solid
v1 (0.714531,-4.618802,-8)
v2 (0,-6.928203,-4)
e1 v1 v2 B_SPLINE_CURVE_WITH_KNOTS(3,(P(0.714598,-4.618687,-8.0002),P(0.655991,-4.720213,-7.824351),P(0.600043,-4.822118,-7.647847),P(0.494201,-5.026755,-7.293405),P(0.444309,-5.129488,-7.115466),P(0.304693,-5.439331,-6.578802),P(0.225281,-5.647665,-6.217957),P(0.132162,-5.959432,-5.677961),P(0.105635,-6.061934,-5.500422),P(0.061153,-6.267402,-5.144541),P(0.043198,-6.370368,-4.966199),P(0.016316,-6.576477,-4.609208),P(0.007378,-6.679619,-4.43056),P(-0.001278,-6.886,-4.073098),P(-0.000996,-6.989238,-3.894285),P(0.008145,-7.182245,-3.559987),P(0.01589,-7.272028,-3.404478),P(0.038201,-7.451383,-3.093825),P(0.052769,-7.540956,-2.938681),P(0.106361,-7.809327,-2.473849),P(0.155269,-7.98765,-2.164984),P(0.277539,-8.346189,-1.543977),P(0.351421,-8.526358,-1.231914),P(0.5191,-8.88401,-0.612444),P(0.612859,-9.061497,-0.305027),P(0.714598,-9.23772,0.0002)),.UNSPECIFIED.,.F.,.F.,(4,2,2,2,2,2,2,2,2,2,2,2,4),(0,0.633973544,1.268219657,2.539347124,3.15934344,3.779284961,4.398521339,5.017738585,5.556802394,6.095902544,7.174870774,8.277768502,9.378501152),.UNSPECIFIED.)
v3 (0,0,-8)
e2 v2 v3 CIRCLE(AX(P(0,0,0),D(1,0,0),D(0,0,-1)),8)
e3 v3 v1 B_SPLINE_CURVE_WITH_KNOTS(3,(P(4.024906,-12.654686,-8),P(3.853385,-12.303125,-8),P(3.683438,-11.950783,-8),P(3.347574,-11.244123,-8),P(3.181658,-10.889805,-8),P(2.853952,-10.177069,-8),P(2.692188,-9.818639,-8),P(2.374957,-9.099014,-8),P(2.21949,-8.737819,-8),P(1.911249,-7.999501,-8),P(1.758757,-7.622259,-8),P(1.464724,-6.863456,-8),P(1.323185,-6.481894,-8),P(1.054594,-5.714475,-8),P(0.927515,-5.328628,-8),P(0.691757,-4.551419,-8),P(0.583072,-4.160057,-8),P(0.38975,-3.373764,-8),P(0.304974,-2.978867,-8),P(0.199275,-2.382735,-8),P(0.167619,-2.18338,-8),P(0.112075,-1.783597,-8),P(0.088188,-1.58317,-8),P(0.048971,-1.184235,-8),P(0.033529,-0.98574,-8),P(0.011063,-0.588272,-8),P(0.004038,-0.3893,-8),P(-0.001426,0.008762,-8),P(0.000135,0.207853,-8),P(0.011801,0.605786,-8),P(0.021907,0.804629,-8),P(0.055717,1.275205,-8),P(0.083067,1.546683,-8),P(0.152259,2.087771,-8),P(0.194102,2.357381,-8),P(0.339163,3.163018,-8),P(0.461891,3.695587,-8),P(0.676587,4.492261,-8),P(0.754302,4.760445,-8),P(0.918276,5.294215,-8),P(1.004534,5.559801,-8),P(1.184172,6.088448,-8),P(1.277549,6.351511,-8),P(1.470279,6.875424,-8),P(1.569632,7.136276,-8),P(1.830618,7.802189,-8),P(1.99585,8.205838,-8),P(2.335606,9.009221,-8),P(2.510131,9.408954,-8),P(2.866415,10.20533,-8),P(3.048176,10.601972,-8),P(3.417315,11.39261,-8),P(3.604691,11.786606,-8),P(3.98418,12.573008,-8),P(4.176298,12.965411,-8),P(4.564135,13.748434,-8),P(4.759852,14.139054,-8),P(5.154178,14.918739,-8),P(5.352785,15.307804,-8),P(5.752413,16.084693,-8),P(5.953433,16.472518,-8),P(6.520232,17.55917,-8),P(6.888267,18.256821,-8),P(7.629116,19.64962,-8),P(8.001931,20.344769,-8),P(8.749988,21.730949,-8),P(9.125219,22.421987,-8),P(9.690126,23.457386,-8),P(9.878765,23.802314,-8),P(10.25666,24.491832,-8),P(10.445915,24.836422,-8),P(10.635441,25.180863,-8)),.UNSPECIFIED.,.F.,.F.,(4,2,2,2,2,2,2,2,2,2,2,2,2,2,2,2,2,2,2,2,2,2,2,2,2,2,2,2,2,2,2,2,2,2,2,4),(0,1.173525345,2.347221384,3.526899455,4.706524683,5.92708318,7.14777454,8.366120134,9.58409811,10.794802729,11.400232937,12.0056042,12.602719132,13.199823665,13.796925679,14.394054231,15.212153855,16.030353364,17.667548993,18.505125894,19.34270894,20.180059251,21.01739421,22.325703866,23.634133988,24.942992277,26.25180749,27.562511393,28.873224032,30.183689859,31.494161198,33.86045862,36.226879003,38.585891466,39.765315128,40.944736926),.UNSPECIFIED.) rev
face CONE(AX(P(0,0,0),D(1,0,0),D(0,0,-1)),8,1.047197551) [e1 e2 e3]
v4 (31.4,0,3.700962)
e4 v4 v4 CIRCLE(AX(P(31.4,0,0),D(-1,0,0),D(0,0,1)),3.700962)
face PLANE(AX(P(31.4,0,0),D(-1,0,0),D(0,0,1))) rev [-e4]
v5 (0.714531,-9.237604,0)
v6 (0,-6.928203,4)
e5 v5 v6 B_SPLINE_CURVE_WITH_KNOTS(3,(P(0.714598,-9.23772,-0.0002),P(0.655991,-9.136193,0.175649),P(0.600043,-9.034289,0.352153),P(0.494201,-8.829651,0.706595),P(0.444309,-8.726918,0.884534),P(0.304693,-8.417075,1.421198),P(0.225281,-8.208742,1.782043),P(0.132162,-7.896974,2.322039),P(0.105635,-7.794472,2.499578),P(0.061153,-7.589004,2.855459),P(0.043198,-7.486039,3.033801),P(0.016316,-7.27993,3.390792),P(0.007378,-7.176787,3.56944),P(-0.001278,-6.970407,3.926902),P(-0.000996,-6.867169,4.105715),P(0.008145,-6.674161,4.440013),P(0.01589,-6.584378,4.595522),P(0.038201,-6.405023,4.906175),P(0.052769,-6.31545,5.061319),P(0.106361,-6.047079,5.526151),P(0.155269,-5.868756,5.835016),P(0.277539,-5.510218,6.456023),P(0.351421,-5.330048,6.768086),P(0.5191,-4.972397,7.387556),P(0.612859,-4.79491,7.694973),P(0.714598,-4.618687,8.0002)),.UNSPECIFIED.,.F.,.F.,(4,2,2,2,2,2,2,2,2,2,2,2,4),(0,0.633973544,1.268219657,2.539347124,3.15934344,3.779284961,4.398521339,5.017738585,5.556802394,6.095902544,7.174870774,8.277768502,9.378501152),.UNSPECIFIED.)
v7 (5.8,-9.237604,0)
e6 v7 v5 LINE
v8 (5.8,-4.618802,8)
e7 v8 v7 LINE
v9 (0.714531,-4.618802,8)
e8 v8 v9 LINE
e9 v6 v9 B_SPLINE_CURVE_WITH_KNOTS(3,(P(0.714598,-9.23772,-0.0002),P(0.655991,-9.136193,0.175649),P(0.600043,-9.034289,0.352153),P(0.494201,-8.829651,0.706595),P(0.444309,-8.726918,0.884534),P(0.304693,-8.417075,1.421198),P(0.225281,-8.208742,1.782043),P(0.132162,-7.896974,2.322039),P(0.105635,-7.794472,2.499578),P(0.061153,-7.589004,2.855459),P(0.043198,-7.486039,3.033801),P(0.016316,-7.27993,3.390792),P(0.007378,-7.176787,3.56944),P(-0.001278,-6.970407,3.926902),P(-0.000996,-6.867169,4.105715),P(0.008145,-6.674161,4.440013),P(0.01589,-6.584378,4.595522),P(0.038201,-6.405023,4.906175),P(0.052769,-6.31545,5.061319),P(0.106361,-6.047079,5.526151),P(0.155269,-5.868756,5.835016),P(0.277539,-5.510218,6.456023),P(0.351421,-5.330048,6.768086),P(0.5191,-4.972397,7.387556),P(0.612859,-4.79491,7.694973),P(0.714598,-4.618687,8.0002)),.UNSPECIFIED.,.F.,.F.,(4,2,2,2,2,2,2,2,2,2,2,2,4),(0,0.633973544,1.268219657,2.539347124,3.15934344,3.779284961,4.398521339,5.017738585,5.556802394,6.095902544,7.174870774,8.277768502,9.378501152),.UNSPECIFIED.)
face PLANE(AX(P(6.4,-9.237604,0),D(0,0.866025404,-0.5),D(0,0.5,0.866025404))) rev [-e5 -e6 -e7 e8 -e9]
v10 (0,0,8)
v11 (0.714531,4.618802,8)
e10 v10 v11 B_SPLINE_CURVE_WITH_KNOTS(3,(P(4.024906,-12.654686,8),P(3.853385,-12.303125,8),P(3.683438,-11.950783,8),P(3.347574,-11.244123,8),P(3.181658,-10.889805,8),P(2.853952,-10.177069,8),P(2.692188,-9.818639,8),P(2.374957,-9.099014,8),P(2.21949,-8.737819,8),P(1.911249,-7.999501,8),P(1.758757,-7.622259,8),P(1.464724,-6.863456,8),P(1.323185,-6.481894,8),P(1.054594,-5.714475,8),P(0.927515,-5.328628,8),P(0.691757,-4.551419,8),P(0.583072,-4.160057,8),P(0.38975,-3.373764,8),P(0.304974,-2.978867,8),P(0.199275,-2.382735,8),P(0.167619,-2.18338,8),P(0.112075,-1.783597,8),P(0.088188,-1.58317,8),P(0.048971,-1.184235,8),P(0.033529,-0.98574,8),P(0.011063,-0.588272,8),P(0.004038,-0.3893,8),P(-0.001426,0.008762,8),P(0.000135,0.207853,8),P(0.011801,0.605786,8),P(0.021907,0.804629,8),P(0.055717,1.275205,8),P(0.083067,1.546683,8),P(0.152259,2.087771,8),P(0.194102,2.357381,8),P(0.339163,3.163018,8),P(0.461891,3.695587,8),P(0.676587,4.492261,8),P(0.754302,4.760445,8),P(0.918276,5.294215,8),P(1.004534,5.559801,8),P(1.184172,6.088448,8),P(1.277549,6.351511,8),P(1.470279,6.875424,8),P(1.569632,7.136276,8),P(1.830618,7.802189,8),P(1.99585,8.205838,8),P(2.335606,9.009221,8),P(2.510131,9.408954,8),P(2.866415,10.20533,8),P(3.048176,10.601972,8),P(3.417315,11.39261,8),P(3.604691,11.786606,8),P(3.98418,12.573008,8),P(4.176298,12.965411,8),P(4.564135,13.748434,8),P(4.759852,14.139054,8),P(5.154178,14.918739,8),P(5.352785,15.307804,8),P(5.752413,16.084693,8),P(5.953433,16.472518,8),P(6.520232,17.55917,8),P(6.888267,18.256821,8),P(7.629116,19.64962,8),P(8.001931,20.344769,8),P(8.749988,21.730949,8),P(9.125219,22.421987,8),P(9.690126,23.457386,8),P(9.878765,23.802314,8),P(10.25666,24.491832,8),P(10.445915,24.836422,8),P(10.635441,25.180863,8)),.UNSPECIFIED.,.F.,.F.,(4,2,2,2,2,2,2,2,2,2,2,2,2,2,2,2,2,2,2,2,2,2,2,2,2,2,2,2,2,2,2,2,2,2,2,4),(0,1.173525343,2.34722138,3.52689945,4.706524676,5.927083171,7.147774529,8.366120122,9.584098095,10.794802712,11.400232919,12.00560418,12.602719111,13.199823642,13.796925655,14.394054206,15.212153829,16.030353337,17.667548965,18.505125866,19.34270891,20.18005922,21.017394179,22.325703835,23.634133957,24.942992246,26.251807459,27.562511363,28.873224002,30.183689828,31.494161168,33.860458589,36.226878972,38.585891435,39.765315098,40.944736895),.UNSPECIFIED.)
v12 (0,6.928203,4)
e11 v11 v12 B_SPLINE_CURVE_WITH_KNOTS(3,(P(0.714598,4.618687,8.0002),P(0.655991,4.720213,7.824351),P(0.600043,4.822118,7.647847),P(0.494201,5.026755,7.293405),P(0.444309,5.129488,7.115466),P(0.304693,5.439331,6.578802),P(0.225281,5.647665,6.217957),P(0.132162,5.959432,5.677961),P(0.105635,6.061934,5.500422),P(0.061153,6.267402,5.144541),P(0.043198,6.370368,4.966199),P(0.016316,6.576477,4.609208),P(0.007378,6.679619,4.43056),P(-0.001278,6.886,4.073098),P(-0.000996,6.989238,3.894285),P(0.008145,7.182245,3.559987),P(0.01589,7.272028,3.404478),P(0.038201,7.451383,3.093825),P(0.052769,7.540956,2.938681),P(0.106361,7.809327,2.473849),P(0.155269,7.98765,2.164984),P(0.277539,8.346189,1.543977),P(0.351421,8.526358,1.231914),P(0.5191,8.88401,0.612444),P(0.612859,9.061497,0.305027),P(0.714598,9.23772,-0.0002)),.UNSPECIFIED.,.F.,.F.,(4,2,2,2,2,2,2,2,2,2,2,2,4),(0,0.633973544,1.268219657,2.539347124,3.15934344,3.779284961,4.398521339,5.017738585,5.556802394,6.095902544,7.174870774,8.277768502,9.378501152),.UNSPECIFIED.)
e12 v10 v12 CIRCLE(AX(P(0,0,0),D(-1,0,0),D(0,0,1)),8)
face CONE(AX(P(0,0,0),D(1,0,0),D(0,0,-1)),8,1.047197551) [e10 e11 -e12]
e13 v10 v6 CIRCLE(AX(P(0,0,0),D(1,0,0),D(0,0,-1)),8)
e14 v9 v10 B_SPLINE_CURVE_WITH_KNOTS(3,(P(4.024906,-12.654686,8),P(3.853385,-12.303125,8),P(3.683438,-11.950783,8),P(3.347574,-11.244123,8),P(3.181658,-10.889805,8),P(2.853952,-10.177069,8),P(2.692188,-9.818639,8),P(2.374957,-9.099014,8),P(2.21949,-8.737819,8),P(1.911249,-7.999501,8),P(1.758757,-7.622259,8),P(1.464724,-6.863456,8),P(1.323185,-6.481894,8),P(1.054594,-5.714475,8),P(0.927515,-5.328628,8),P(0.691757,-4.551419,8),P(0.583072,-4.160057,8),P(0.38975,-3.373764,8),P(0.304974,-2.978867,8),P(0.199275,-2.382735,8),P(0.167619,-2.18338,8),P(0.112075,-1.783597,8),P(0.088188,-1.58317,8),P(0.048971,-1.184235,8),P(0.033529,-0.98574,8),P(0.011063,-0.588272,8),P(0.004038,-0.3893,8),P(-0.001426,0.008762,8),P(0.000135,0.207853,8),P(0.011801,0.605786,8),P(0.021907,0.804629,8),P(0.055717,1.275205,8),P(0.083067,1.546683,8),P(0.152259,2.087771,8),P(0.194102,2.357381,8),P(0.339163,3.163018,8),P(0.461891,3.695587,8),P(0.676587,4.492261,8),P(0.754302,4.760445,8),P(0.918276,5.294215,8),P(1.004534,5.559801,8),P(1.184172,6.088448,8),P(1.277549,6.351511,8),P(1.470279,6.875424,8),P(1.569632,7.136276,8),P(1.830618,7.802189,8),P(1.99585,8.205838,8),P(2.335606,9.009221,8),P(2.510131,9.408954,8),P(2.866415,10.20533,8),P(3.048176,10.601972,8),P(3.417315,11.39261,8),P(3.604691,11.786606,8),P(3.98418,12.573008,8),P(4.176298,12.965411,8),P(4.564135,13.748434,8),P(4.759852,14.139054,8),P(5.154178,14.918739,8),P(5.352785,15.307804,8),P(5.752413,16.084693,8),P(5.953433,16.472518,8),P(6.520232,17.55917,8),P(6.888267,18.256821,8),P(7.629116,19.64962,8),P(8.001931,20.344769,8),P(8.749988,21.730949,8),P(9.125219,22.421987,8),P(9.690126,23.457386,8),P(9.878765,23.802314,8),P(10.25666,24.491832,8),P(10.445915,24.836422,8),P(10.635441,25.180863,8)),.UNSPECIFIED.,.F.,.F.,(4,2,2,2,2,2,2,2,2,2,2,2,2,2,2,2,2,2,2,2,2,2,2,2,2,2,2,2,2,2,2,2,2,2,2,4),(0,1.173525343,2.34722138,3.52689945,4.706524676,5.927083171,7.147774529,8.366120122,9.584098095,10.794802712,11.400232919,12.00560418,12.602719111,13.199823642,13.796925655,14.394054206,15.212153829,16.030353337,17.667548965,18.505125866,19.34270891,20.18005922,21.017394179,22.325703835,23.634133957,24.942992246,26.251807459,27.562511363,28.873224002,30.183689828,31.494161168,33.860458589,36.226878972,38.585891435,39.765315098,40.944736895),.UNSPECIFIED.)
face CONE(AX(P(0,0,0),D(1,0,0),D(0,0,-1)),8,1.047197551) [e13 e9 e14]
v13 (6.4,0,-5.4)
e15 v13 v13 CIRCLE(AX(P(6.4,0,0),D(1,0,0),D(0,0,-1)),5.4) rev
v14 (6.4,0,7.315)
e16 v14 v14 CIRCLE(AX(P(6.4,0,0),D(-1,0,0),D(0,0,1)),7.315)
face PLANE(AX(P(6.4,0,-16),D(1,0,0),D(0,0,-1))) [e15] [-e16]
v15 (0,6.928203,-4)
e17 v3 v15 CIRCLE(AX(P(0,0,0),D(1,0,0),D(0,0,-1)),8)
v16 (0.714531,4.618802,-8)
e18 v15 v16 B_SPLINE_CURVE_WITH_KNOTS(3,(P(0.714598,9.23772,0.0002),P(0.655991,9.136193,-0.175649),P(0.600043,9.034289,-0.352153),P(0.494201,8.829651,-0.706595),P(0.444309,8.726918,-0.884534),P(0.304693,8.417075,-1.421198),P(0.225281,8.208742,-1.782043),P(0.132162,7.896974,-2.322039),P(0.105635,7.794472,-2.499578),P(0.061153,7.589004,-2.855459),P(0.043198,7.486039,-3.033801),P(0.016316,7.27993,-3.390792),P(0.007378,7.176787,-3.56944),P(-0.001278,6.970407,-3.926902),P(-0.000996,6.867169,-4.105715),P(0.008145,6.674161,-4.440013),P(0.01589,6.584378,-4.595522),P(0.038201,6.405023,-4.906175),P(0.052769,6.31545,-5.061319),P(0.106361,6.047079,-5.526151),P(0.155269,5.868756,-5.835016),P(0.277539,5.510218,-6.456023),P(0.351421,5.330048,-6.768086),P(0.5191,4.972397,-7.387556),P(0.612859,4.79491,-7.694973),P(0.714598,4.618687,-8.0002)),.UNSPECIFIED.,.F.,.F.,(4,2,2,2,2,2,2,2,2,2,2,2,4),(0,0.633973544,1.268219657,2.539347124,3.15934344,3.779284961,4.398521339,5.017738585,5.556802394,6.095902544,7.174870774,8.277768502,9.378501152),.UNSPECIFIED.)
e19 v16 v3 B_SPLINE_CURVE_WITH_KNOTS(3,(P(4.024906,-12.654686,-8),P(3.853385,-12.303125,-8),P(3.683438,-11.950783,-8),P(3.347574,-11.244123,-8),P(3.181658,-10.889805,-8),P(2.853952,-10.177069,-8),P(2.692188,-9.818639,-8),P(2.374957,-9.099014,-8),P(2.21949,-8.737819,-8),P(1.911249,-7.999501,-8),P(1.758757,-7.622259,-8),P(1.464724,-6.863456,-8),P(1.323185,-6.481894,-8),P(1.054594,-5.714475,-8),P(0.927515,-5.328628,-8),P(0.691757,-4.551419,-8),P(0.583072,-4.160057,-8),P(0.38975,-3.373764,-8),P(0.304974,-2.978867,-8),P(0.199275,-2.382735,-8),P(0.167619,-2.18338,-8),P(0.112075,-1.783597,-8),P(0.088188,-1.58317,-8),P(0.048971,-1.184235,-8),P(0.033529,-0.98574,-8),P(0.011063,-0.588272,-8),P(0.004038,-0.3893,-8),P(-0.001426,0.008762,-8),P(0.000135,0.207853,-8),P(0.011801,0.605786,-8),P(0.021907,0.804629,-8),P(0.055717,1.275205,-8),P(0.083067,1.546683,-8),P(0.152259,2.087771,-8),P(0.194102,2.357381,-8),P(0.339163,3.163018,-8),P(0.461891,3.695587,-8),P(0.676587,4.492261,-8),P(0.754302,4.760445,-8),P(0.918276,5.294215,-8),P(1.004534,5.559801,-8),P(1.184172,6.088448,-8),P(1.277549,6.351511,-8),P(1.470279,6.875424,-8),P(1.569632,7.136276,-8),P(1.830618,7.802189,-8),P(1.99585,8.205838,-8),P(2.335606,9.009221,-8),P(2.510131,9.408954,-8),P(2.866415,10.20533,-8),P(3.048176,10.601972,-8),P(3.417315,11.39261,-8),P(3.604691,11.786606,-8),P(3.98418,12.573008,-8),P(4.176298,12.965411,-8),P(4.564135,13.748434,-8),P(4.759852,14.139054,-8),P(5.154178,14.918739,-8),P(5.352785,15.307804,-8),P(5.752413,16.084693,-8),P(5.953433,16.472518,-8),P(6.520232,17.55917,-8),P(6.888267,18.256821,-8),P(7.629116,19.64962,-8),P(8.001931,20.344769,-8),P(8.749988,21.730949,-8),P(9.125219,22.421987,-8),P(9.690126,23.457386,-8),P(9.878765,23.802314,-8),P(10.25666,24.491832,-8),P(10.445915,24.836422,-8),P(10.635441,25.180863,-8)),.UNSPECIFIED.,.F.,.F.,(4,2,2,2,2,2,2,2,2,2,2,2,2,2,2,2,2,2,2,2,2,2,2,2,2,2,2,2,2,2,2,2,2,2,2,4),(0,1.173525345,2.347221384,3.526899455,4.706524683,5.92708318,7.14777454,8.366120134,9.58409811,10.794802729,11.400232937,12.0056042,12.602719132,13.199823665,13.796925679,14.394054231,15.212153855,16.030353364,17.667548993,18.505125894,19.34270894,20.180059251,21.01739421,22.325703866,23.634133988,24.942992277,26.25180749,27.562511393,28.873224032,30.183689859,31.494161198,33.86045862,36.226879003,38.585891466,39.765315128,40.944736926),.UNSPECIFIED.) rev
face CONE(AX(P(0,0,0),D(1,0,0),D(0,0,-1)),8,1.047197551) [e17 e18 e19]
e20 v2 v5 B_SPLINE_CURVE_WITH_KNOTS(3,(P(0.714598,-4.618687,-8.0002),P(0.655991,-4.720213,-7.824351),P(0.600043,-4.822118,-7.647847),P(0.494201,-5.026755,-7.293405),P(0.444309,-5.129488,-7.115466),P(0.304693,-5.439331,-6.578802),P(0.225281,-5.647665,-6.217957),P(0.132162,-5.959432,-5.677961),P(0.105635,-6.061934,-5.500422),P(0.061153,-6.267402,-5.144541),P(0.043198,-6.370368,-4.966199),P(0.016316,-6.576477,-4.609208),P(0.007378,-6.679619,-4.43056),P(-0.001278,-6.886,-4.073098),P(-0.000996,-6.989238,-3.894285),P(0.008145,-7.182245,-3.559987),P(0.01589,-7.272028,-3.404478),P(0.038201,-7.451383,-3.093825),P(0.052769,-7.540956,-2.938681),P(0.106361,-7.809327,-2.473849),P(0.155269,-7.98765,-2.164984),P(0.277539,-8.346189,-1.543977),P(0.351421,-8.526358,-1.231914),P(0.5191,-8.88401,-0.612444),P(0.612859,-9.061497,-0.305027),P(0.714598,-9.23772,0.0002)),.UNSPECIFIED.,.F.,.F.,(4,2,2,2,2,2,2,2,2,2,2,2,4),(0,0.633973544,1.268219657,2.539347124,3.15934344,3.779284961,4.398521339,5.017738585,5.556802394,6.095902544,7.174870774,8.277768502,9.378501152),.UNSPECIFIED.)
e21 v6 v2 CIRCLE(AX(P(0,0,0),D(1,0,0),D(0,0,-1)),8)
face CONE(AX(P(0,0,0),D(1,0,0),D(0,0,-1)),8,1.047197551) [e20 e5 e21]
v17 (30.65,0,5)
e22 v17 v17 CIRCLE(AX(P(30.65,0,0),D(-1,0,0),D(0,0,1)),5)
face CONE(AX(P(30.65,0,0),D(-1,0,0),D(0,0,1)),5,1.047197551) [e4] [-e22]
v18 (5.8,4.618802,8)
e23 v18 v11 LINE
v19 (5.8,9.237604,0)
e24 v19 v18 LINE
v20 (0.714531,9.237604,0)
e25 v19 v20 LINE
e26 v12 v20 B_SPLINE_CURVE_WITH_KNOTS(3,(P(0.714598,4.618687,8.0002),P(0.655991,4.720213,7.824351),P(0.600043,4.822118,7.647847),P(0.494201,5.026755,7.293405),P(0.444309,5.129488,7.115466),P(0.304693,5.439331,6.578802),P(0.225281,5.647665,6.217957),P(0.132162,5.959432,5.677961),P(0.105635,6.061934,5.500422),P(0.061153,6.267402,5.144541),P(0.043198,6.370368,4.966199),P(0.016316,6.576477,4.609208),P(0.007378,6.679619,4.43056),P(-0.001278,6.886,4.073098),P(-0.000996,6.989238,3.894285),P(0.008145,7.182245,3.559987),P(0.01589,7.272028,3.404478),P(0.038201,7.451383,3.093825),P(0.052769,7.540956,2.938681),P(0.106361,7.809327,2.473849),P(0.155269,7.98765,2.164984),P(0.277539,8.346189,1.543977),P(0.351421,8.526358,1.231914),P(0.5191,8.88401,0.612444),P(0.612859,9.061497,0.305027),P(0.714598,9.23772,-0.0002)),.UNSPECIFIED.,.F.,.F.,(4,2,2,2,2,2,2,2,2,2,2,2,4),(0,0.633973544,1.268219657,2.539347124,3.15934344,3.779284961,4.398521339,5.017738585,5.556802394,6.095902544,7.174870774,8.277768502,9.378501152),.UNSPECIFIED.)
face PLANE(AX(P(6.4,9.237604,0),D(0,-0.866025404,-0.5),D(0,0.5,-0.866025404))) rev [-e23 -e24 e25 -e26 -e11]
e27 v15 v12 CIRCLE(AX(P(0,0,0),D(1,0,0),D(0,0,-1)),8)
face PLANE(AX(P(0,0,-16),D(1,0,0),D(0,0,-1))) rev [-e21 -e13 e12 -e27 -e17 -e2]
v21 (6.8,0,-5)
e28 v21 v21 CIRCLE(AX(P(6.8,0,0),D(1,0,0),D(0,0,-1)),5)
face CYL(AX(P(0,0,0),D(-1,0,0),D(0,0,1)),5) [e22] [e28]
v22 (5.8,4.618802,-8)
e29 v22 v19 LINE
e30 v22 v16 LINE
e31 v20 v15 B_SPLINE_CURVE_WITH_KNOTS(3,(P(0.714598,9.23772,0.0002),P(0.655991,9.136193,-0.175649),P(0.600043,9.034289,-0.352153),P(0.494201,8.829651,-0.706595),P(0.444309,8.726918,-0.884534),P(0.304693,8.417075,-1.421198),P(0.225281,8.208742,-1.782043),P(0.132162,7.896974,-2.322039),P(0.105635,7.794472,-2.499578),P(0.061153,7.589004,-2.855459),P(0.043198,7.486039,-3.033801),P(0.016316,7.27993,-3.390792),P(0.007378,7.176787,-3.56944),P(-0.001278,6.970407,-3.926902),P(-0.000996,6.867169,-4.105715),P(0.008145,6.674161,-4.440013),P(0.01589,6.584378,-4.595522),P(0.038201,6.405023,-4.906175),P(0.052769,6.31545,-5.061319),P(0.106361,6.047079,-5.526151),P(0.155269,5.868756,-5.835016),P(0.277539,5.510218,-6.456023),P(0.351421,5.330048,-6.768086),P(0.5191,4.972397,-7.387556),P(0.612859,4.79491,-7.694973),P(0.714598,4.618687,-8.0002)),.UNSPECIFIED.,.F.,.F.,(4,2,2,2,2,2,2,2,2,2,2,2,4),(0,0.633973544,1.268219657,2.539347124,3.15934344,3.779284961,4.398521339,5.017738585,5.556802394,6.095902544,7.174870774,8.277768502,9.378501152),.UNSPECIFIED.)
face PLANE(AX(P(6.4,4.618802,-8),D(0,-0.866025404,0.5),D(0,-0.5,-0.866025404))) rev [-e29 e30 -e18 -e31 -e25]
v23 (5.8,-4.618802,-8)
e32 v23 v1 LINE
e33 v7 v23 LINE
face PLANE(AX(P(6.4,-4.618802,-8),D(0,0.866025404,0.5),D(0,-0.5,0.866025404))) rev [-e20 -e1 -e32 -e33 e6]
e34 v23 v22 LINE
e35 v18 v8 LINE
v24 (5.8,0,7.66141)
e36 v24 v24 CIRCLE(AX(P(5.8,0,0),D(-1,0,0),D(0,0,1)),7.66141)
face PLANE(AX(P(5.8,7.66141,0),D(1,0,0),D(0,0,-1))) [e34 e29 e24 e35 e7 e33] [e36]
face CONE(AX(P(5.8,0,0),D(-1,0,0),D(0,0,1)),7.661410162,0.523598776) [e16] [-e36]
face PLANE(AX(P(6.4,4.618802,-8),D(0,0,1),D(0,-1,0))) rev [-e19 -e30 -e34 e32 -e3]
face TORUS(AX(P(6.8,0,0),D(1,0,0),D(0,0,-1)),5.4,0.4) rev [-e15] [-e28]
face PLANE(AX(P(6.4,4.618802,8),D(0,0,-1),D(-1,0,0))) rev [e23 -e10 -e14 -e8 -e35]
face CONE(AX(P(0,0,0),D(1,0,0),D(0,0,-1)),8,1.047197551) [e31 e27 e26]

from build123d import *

# Parameters (mm, degrees)
EXTRUDE_388_DEPTH = 6.4
FILLET_1259_R     = 0.4


with BuildPart() as part:
    # 草图1 → Extrude 388 (new body)
    with BuildSketch(Plane(origin=(0, 0, 0), x_dir=(0, 0, -1), z_dir=(1, 0, 0))):
        Polygon((8, 4.618802154), (8, -4.618802154), (0, -9.237604307), (-8, -4.618802154), (-8, 4.618802154), (0, 9.237604307), align=None)
    extrude(amount=EXTRUDE_388_DEPTH)

    # 草图2 → 凸台-旋转1 (revolve)
    with BuildSketch(Plane.XY, mode=Mode.PRIVATE) as revolve_1_sk:
        Polygon((0, 0), (31.4, 0), (31.4, 3.701), (31.4, 5), (0, 5), align=None)
    revolve(revolve_1_sk.sketch.rotate(Axis((0, 0, 0), (1, 0, 0)), 90), axis=Axis((0, 0, 0), (1, 0, 0)))

    # 草图3 → 切除-旋转1 (revolve, cut)
    with BuildSketch(Plane.XY):
        Polygon((0, 8), (3.601282526, 14.237604307), (3.601282526, 19.237604307), (-10, 19.237604307), (-10, 8), align=None)
    revolve(axis=Axis((0, 0, 0), (1, 0, 0)), mode=Mode.SUBTRACT)

    # 草图4 → 切除-旋转3 (revolve, cut)
    with BuildSketch(Plane.XY, mode=Mode.PRIVATE) as cut_revolve_3_sk:
        Polygon((6.4, 7.315), (5.8, 7.661410162), (5.8, 9.237604307), (6.4, 9.237604307), align=None)
    revolve(cut_revolve_3_sk.sketch.rotate(Axis((0, 0, 0), (1, 0, 0)), 90), axis=Axis((0, 0, 0), (1, 0, 0)), mode=Mode.SUBTRACT)

    # Fillet 1259
    fillet_1259_edges = [part.edges().sort_by_distance(p)[0] for p in [
        (6.4, 0, -5),
    ]]
    fillet(fillet_1259_edges, radius=FILLET_1259_R)

    # 草图6 → 切除-旋转4 (revolve, cut)
    with BuildSketch(Plane.XY, mode=Mode.PRIVATE) as cut_revolve_4_sk:
        Polygon((30.65, 5), (32.15, 5), (31.4, 3.700961894), align=None)
    revolve(cut_revolve_4_sk.sketch.rotate(Axis((0, 0, 0), (1, 0, 0)), 90), axis=Axis((0, 0, 0), (1, 0, 0)), mode=Mode.SUBTRACT)


solid = part.part
